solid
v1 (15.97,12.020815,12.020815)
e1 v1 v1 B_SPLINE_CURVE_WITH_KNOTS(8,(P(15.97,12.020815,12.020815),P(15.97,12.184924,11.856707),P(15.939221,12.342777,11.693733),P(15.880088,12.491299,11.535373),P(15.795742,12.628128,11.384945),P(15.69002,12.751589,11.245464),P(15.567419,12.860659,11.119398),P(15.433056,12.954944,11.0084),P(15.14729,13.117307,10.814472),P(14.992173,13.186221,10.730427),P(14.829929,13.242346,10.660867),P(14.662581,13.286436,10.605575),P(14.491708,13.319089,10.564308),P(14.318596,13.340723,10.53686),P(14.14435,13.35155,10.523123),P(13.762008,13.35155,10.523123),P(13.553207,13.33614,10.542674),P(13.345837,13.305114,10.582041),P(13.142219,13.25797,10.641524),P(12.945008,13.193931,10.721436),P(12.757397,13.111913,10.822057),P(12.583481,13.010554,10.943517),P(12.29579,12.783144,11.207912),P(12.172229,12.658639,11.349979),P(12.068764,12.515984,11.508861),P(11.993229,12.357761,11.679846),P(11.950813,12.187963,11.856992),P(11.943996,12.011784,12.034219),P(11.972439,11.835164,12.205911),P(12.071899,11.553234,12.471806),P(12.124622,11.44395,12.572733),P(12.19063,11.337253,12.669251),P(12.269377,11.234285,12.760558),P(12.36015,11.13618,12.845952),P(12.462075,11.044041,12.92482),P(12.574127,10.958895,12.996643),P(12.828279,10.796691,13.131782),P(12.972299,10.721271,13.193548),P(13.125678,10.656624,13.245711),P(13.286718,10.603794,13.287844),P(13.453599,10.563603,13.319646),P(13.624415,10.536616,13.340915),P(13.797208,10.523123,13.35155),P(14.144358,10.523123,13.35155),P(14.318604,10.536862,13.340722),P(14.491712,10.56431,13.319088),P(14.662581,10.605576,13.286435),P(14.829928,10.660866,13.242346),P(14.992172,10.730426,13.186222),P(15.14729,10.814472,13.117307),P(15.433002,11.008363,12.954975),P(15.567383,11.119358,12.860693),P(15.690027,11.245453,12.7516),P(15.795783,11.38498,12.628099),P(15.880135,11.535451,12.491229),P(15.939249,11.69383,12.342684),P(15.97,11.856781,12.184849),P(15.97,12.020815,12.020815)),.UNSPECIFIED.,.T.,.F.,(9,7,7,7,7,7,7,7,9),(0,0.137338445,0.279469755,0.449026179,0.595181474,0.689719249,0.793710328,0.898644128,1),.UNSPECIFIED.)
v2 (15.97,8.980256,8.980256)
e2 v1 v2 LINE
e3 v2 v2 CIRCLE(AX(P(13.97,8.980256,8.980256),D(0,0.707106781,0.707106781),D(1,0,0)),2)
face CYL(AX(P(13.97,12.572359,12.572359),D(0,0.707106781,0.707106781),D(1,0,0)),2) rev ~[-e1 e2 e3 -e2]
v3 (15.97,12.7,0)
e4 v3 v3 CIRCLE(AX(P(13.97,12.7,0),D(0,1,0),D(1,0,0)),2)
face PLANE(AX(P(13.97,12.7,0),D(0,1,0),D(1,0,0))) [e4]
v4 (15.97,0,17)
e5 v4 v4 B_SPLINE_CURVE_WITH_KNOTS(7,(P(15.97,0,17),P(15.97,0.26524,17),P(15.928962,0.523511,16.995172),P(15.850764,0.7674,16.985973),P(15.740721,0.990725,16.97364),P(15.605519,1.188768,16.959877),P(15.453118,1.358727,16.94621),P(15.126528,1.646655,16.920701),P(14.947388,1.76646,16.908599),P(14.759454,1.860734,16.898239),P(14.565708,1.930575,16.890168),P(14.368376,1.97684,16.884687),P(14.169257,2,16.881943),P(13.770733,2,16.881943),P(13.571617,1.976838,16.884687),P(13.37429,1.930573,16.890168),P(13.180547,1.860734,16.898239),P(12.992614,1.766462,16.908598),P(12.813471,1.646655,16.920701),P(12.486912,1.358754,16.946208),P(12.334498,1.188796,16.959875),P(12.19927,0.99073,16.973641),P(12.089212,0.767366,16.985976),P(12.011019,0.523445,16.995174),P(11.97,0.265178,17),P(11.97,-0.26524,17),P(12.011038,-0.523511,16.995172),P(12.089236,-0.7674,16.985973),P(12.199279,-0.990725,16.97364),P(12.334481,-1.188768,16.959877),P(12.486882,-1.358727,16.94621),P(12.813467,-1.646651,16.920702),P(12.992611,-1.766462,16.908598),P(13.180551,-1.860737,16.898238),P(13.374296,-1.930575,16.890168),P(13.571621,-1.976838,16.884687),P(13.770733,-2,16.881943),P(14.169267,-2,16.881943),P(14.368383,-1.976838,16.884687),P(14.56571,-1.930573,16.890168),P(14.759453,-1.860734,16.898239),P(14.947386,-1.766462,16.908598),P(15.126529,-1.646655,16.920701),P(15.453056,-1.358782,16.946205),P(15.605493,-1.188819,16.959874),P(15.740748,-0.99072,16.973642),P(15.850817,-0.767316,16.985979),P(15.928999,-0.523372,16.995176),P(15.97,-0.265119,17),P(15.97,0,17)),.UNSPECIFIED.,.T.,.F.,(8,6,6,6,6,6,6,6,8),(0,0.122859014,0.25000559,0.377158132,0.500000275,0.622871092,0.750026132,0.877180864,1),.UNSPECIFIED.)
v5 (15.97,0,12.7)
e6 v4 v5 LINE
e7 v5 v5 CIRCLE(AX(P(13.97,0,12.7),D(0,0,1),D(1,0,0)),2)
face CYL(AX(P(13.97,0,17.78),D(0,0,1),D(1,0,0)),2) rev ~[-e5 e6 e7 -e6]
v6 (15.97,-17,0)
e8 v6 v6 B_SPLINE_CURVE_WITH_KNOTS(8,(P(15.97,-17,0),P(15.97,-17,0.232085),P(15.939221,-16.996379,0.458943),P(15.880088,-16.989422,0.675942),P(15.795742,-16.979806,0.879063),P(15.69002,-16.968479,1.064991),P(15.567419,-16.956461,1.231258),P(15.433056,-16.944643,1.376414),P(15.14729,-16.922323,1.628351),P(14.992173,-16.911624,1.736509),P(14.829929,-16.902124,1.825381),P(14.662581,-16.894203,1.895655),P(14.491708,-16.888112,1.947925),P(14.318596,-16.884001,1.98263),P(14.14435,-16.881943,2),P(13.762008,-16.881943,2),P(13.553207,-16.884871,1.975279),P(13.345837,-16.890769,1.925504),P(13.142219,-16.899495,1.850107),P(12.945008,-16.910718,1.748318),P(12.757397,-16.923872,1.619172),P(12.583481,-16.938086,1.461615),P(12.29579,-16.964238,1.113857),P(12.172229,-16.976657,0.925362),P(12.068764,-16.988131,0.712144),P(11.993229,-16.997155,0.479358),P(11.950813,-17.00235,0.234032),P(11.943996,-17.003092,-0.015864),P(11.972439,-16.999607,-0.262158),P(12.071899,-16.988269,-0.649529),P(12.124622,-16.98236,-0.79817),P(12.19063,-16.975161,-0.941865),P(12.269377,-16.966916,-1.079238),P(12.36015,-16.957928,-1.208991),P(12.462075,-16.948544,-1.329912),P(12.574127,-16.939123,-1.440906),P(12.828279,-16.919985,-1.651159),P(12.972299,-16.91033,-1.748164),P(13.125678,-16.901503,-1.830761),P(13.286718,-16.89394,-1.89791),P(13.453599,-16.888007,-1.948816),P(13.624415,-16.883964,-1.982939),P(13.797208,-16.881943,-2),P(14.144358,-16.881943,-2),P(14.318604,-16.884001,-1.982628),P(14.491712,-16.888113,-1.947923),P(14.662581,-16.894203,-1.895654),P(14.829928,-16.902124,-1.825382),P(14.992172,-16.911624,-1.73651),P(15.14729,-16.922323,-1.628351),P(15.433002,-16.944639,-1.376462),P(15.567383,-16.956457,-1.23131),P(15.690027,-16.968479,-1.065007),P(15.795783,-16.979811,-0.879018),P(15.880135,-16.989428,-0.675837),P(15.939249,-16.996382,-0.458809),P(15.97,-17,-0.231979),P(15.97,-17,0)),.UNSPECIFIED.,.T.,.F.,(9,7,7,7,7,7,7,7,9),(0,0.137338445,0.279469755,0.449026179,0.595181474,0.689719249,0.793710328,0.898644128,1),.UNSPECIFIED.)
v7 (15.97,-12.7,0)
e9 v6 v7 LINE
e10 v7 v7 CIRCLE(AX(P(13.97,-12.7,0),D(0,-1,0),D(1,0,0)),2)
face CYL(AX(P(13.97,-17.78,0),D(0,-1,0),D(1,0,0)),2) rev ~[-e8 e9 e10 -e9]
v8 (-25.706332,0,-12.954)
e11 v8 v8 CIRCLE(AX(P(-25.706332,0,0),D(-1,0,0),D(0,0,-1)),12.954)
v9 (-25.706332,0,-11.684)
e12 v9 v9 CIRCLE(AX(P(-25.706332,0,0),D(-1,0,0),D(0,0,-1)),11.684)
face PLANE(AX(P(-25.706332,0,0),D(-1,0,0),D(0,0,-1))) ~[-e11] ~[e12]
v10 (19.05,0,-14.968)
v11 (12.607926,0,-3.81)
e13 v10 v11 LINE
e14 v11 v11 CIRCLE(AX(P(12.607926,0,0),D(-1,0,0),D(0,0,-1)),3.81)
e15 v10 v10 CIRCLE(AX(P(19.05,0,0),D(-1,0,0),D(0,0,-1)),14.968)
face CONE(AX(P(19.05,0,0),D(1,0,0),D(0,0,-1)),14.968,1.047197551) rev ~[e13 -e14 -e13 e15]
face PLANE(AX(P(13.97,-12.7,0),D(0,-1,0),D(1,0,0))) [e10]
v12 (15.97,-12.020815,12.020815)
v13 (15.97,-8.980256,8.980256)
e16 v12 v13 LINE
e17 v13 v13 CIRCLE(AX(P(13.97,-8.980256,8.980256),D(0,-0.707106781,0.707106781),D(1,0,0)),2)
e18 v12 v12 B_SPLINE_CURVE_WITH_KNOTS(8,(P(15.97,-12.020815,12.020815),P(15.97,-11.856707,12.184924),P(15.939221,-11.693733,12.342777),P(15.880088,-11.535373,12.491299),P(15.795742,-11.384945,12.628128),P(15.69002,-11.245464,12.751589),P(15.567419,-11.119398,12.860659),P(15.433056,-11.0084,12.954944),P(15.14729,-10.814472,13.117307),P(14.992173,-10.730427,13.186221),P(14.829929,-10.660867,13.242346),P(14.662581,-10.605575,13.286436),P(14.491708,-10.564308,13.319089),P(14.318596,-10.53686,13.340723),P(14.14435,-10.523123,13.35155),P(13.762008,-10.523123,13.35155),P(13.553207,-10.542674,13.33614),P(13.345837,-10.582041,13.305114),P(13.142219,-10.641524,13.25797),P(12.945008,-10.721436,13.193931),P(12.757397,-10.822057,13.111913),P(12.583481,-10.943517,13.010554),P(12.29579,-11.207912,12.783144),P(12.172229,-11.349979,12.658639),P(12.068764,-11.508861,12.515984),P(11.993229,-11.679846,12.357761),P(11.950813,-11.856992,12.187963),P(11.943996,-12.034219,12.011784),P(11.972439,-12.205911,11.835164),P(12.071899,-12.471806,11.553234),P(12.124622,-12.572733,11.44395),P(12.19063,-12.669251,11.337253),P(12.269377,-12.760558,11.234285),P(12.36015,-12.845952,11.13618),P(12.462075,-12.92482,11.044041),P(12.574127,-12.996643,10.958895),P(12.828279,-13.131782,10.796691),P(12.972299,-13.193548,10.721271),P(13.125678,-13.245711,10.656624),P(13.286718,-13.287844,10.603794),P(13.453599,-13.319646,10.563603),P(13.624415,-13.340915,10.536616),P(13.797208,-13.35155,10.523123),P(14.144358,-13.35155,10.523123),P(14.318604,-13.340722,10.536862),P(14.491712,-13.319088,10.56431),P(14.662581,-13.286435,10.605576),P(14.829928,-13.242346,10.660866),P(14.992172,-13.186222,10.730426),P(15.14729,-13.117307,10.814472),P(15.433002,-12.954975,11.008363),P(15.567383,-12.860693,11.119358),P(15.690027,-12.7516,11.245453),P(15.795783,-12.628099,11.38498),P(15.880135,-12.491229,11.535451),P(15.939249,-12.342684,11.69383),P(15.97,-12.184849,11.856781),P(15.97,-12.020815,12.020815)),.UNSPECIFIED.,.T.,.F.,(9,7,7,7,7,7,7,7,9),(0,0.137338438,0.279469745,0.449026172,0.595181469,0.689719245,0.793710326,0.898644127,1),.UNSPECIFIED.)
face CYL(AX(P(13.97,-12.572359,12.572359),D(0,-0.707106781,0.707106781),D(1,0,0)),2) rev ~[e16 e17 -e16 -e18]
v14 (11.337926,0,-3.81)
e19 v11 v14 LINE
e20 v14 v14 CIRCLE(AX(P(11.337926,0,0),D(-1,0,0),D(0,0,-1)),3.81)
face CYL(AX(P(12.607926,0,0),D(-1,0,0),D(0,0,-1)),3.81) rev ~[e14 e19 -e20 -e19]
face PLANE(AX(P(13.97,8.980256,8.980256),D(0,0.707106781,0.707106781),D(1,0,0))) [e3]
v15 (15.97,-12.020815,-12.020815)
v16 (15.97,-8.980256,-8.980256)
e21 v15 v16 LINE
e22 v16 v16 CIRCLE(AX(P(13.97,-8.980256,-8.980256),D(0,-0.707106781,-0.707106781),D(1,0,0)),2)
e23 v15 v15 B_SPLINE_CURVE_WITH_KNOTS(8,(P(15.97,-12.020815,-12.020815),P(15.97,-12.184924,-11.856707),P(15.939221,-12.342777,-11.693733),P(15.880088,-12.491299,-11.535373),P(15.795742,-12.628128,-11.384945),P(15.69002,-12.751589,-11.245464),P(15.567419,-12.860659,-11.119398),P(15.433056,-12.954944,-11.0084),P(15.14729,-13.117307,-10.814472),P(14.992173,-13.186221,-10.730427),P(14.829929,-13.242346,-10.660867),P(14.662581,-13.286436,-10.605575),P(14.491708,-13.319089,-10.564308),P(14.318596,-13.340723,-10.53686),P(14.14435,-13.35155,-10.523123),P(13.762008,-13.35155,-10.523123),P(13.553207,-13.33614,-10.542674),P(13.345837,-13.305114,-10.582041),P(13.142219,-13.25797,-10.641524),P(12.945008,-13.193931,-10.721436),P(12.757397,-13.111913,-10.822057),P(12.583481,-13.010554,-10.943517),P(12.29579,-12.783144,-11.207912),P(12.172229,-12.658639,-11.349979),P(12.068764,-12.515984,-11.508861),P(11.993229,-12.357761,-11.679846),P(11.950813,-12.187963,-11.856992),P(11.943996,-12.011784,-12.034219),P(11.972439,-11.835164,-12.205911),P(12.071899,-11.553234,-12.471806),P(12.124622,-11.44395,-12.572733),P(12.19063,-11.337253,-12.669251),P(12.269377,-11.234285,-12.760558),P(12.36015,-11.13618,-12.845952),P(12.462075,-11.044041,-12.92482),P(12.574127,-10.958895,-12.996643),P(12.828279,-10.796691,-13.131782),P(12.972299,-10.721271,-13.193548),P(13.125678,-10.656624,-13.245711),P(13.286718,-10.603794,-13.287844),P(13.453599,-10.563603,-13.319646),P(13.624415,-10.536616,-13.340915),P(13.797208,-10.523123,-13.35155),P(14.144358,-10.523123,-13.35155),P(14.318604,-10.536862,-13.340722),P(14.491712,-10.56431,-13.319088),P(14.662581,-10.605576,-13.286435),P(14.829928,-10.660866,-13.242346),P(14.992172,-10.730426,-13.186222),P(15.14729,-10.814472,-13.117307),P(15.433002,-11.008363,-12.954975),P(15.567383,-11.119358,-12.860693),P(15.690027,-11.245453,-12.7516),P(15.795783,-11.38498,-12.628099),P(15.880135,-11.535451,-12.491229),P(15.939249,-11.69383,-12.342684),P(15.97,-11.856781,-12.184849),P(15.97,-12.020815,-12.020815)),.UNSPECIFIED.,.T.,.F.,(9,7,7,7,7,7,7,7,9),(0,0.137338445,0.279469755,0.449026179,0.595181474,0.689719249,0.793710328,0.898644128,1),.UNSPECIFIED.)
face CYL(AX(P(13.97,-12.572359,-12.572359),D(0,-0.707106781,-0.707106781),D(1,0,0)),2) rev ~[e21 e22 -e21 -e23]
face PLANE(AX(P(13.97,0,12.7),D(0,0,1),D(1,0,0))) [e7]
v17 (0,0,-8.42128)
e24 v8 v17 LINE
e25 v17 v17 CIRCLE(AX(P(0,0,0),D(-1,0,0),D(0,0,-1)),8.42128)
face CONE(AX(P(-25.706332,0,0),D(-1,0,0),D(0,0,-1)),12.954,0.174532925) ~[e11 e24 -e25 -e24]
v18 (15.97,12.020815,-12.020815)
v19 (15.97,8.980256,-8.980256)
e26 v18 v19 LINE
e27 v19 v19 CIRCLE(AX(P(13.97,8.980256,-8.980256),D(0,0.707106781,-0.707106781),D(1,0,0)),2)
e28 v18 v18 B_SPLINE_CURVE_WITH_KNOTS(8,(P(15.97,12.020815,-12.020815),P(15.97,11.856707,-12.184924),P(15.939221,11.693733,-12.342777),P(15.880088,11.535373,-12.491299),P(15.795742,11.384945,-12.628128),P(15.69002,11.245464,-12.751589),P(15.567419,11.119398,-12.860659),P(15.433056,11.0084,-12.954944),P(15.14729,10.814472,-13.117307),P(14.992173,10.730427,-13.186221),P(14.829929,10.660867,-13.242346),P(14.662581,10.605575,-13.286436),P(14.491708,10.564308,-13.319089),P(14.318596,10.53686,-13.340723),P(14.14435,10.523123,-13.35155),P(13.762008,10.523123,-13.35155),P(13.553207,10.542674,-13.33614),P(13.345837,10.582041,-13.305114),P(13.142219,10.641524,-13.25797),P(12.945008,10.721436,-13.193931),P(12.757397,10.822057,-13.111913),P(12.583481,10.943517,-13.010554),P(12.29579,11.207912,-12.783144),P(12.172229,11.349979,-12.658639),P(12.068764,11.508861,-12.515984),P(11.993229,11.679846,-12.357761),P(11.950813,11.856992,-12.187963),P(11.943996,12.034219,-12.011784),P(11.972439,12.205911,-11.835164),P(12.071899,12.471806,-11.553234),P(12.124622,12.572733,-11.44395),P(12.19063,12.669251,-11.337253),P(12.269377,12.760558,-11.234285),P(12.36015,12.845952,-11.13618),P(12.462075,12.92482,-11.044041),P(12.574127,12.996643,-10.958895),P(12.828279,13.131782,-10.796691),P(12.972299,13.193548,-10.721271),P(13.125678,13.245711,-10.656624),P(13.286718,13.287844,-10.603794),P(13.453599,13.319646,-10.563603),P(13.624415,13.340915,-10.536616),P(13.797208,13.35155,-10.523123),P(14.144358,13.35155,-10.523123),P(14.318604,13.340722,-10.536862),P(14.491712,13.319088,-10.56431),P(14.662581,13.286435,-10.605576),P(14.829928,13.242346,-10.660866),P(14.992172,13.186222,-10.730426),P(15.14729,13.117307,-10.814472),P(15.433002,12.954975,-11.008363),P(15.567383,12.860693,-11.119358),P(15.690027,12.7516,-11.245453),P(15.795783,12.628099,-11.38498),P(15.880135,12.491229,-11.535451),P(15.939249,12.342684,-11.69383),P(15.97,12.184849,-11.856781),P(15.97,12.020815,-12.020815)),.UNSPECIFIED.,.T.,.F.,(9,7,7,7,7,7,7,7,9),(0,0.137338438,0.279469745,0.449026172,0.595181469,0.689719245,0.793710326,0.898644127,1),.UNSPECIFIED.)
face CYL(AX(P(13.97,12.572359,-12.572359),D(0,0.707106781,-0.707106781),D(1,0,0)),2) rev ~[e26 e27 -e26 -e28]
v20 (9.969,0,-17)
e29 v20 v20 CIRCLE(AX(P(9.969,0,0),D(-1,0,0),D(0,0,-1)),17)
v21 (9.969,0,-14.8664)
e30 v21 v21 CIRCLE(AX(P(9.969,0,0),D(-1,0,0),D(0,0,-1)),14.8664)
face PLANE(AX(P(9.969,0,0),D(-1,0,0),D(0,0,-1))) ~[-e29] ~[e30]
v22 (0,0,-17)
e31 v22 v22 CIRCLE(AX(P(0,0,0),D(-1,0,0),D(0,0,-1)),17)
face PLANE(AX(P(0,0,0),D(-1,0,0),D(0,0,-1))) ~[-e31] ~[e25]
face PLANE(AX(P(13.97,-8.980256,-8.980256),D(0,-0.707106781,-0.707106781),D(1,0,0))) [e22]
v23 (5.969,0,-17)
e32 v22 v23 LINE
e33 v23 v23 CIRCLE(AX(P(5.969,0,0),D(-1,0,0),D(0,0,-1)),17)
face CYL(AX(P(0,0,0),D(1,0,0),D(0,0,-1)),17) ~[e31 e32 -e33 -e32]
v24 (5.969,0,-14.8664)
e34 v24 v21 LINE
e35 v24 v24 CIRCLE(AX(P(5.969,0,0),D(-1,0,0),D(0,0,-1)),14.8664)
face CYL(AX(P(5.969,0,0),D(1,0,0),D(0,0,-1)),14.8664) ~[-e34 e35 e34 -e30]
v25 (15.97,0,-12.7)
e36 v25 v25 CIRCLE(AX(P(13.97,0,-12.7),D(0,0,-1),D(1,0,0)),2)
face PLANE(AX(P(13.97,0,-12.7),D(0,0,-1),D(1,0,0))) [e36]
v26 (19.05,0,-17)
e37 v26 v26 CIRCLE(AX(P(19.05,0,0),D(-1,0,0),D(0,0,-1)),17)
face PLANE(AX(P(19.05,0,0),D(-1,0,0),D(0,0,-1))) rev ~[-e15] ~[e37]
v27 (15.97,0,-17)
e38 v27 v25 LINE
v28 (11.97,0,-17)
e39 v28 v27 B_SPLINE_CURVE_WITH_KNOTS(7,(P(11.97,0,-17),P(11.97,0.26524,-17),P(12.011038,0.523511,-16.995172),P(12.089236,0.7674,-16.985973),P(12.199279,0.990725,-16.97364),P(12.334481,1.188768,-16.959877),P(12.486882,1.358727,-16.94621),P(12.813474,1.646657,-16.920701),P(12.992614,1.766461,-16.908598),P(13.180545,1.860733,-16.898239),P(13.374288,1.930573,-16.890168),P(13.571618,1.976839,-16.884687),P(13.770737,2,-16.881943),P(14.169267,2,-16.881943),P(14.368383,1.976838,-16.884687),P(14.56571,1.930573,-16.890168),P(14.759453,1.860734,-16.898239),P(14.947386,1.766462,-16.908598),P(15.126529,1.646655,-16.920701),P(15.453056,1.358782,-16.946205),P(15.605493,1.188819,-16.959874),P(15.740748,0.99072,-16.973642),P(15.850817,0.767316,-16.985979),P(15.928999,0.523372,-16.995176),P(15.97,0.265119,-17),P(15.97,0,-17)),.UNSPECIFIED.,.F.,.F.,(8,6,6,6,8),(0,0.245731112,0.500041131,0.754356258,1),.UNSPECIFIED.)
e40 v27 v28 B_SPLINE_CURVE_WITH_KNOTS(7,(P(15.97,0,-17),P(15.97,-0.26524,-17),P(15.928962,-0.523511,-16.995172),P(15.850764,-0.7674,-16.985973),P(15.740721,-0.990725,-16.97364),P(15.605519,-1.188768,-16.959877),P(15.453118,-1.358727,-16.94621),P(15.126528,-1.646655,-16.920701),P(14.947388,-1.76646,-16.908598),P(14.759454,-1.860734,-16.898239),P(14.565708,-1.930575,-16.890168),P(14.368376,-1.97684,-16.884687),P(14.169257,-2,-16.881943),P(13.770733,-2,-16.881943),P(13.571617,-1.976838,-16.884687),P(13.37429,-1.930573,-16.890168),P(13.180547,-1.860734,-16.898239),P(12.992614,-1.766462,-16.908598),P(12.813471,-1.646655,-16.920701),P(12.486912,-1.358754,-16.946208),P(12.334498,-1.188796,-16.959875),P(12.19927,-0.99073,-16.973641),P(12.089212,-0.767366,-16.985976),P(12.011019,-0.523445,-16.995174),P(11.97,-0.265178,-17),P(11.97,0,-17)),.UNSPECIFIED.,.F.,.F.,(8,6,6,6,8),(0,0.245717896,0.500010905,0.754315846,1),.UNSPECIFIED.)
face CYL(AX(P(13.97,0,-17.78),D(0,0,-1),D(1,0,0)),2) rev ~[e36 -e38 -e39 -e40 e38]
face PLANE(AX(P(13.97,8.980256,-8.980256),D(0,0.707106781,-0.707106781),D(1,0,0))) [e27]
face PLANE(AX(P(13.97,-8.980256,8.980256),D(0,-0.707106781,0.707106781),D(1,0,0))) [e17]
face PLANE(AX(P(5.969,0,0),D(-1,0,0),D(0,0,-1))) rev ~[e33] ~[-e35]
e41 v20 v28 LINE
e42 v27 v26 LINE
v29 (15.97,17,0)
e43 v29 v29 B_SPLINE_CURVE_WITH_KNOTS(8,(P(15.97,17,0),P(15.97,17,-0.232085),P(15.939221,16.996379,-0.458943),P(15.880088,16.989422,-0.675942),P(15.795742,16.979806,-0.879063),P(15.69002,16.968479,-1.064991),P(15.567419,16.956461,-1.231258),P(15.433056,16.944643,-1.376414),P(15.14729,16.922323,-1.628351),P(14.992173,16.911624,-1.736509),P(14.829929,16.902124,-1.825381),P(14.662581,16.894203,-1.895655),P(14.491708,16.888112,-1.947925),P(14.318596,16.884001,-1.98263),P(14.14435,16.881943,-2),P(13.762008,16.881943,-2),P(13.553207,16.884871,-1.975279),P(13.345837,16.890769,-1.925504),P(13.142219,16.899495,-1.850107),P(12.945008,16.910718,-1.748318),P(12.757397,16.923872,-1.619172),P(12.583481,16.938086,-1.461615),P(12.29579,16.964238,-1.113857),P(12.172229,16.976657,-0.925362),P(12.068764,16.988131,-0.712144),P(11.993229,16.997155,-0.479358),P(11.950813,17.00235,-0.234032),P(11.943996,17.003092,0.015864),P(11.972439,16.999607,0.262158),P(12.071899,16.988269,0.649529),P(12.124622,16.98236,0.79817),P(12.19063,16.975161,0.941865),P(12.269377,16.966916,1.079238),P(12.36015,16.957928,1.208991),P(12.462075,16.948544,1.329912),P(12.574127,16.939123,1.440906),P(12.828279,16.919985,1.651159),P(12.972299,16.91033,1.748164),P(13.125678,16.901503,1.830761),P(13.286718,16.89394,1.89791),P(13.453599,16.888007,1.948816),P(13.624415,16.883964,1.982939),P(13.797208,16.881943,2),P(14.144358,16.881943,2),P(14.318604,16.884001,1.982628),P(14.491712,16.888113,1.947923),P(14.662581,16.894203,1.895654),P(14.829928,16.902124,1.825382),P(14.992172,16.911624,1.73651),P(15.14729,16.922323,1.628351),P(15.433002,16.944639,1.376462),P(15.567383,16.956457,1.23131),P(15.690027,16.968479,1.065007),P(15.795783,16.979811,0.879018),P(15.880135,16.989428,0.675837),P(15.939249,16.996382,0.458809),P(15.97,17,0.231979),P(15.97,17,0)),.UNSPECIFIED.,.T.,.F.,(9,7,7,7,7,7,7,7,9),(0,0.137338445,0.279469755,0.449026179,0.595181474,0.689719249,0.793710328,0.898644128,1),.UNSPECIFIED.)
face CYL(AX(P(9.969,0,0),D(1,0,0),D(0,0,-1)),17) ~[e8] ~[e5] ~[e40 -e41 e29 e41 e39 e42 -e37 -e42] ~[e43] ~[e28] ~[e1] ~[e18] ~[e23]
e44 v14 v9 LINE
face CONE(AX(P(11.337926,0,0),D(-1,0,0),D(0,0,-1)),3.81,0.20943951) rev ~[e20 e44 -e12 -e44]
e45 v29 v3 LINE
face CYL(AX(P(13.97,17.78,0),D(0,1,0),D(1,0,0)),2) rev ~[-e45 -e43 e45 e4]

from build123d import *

# Parameters (mm, degrees)
SKETCH2_R          = 2
CUT_EXTRUDE1_DEPTH = 5.08
CIRPATTERN1_COUNT  = 8


with BuildPart() as part:
    # Sketch1 → Revolve1 (revolve)
    with BuildSketch(Plane.XY, mode=Mode.PRIVATE) as revolve1_sk:
        Polygon((0, 8.421280131), (0, 17), (5.969, 17), (5.969, 14.8664), (9.969, 14.8664), (9.969, 17), (19.05, 17), (19.05, 14.968), (12.607925696, 3.81), (11.337925696, 3.81), (-25.706331786, 11.684), (-25.706331786, 12.954), align=None)
    revolve(revolve1_sk.sketch.rotate(Axis((0, 0, 0), (-1, 0, 0)), 90), axis=Axis((0, 0, 0), (-1, 0, 0)))

    # Sketch2 → Cut-Extrude1 (cut)
    with BuildSketch(Plane.XY.offset(17.78)):
        with Locations((13.97, 0)):
            Circle(SKETCH2_R)
    cut_extrude1 = extrude(amount=-CUT_EXTRUDE1_DEPTH, mode=Mode.SUBTRACT)

    # CirPattern1: Cut-Extrude1 ×8 about axis
    cirpattern1_axis = Axis((0, 0, 0), (1, 0, 0))
    for i in range(1, CIRPATTERN1_COUNT):
        add(cut_extrude1.rotate(cirpattern1_axis, i * 360 / CIRPATTERN1_COUNT), mode=Mode.SUBTRACT)


solid = part.part
